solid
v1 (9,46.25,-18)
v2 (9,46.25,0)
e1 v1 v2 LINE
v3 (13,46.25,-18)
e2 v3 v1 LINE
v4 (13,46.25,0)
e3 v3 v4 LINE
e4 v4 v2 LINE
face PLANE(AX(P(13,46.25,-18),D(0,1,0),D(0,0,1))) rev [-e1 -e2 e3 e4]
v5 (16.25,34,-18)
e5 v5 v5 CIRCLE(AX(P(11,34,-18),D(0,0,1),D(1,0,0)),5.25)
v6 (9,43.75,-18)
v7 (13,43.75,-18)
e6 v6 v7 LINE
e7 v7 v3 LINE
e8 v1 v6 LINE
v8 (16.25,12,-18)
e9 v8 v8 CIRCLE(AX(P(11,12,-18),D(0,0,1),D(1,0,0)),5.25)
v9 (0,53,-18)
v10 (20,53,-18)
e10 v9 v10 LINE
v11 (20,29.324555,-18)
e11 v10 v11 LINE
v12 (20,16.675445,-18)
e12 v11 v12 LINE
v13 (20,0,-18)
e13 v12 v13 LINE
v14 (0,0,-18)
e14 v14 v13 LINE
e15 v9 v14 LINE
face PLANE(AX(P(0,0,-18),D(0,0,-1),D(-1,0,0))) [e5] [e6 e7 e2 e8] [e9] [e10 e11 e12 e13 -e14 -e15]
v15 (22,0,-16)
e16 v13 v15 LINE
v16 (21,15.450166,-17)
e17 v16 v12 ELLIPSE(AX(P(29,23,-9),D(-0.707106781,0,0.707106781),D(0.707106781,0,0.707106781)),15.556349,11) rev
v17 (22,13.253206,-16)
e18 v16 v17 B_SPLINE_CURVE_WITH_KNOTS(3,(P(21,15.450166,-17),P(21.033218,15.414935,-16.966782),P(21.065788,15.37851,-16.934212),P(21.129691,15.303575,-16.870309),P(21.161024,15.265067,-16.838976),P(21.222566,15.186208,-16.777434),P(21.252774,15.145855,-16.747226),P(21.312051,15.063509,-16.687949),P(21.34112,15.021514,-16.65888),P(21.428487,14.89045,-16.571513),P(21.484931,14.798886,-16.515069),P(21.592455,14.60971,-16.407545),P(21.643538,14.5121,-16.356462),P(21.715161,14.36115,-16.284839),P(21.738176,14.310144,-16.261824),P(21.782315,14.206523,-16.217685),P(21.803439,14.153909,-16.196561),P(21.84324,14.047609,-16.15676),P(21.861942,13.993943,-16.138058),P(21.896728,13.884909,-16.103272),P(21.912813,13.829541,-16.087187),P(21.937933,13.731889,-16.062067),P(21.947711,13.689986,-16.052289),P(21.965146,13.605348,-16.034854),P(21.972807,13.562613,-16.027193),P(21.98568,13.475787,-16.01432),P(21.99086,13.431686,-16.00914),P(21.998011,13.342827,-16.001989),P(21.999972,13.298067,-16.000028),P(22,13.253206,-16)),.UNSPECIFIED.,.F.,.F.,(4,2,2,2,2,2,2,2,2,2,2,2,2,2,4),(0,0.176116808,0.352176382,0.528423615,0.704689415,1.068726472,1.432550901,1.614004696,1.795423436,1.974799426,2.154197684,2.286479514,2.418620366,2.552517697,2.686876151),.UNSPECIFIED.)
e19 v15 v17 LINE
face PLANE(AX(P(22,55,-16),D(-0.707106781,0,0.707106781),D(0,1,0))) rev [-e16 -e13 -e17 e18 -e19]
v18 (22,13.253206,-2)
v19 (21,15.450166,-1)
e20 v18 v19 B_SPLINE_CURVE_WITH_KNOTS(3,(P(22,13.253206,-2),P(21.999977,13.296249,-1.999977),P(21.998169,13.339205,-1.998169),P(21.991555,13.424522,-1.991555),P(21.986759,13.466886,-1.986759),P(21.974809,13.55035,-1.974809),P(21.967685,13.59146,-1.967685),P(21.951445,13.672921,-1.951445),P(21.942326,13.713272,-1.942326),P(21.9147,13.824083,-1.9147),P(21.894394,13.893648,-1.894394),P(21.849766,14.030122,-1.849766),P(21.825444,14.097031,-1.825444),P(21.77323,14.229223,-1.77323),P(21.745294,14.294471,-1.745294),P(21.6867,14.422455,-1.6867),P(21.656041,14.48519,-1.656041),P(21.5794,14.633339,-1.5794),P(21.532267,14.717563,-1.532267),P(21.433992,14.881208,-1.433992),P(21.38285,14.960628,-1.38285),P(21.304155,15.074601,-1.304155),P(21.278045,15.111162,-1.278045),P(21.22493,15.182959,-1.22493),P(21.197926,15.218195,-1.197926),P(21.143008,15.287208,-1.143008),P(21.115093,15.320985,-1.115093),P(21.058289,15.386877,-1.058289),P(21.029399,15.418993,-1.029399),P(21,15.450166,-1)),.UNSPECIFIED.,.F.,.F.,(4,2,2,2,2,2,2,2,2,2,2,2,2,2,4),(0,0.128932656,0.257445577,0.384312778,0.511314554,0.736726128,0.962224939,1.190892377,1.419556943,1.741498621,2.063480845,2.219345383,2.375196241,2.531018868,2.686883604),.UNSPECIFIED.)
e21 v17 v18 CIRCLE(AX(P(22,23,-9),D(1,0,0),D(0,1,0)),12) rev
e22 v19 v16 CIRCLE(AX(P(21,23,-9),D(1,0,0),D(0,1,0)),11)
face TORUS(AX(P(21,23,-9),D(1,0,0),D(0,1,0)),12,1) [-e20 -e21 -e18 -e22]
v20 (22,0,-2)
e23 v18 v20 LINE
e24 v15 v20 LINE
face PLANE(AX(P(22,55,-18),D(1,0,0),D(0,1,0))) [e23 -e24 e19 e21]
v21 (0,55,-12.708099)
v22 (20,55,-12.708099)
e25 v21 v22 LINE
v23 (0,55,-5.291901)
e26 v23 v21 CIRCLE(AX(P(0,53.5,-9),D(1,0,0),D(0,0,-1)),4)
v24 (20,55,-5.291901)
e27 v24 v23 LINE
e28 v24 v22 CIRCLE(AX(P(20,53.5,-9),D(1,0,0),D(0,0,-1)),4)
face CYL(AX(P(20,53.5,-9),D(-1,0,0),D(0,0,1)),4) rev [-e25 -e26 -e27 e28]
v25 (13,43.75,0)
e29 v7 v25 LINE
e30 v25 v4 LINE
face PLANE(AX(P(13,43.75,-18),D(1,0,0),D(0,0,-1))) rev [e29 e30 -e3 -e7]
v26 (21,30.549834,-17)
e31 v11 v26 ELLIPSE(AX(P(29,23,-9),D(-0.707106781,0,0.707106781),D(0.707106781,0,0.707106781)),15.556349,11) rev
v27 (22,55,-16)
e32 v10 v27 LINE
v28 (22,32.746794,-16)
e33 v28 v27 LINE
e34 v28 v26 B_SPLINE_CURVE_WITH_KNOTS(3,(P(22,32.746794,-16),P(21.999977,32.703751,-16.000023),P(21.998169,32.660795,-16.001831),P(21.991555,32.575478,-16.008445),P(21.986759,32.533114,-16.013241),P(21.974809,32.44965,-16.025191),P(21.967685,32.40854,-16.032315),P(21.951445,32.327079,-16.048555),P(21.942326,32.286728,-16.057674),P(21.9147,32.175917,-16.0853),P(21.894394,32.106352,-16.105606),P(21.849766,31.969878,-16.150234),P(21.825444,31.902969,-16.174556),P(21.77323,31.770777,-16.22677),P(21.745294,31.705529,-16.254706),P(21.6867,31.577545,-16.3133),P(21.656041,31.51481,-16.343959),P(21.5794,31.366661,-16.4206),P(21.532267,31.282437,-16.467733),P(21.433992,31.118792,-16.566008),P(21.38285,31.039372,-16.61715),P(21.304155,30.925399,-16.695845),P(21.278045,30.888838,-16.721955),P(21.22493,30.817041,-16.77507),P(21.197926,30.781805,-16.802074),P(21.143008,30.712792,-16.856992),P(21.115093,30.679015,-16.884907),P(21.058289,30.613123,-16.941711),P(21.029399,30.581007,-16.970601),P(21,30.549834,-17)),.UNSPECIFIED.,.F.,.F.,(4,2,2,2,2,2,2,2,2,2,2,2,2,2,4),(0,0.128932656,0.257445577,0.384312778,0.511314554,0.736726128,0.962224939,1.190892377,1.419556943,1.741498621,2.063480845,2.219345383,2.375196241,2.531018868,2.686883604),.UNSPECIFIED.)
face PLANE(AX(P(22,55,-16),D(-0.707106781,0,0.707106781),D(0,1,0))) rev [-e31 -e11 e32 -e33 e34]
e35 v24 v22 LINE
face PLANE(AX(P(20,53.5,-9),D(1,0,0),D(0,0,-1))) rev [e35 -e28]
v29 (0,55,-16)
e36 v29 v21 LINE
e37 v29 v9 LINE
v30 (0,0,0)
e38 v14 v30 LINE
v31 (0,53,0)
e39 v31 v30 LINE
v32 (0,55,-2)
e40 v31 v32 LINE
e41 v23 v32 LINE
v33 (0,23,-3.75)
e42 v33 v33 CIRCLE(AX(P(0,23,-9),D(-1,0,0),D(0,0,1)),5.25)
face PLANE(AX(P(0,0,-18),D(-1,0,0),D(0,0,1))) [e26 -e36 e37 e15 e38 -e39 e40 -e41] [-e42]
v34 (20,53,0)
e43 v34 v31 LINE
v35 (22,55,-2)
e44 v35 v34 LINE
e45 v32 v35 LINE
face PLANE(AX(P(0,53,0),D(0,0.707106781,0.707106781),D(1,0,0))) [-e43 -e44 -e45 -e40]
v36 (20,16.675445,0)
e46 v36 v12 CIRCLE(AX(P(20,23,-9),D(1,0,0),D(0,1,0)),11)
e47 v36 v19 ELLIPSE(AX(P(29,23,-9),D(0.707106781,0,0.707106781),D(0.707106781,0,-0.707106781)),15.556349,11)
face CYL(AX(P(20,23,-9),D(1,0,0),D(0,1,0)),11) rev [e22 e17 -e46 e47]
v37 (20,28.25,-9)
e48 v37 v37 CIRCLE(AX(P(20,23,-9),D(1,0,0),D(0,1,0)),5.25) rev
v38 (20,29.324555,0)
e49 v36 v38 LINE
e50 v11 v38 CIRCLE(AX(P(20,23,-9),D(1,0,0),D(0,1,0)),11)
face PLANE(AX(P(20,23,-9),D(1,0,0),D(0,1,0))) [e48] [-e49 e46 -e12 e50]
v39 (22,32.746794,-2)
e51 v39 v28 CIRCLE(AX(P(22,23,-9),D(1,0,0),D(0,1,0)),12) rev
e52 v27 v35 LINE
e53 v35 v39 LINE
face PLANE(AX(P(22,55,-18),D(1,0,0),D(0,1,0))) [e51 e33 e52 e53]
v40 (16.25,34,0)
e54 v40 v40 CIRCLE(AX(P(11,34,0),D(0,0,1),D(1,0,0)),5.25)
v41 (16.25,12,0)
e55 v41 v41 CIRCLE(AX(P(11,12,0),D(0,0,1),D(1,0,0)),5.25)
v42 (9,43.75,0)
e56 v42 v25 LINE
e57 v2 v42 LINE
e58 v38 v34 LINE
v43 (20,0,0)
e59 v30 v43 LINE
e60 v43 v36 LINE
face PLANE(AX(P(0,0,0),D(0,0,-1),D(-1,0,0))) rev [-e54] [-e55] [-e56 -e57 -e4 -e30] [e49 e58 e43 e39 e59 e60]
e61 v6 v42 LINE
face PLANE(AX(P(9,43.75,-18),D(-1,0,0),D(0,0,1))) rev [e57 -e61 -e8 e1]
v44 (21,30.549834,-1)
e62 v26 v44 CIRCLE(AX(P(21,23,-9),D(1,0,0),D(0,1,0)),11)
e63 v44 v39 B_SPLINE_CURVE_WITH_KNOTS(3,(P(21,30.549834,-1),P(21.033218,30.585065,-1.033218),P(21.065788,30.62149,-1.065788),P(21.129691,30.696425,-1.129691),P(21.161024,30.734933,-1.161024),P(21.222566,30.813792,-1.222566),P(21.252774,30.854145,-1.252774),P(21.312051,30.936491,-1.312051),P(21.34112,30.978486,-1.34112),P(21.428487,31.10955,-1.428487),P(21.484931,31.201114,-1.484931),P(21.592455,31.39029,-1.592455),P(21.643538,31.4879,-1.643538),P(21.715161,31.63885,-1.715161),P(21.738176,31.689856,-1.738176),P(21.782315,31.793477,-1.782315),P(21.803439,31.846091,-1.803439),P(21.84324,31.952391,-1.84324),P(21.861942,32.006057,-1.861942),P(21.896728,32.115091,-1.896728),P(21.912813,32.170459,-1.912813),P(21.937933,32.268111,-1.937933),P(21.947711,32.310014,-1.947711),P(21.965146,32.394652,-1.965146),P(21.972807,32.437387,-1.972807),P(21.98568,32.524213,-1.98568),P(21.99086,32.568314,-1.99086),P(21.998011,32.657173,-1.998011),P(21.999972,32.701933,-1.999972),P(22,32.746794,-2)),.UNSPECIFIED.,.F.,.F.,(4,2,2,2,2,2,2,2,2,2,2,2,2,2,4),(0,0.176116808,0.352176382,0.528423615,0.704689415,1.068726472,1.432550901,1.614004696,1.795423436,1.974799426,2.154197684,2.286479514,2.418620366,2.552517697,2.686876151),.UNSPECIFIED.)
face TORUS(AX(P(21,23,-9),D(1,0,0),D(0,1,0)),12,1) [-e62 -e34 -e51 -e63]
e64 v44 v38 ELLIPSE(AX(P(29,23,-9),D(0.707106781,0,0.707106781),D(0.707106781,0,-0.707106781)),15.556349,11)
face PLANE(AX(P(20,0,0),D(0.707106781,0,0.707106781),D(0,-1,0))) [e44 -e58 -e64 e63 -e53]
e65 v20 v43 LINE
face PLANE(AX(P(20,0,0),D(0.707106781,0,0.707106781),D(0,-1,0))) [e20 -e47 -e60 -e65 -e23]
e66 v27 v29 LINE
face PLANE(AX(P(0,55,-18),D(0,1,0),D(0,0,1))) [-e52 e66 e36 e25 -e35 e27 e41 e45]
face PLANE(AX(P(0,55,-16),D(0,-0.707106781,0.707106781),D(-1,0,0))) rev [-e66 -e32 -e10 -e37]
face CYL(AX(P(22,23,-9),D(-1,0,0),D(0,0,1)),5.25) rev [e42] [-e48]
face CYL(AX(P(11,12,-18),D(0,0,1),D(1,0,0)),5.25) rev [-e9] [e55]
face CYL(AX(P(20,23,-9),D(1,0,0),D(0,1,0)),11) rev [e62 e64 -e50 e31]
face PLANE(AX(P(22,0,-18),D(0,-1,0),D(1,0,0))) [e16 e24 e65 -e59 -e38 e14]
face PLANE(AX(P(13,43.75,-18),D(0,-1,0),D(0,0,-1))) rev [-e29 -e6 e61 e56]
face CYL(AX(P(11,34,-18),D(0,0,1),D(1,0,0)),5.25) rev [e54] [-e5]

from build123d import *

# Parameters (mm, degrees)
SKETCH1_W           = 22
SKETCH1_H           = 55
SKETCH1_R           = 5.25
SKETCH1_W_2         = 4
SKETCH1_H_2         = 2.5
BOSS_EXTRUDE1_DEPTH = 18
SKETCH2_R           = 5.25
CUT_EXTRUDE1_DEPTH  = 23
SKETCH3_R           = 4
CUT_EXTRUDE2_DEPTH  = 20
CHAMFER1_SIZE       = 2
SKETCH4_R           = 11
CUT_EXTRUDE3_DEPTH  = 2
FILLET1_R           = 1
CHAMFER2_SIZE       = 2


with BuildPart() as part:
    # Sketch1 → Boss-Extrude1 (new body)
    with BuildSketch(Plane.XY):
        with Locations((11, 27.5)):
            Rectangle(SKETCH1_W, SKETCH1_H)
        with Locations((11, 12)):
            Circle(SKETCH1_R, mode=Mode.SUBTRACT)
        with Locations((11, 34)):
            Circle(SKETCH1_R, mode=Mode.SUBTRACT)
        with Locations((11, 45)):
            Rectangle(SKETCH1_W_2, SKETCH1_H_2, mode=Mode.SUBTRACT)
    extrude(amount=-BOSS_EXTRUDE1_DEPTH)

    # Sketch2 → Cut-Extrude1 (cut, through all)
    with BuildSketch(Plane.ZY):
        with Locations((-9, 23)):
            Circle(SKETCH2_R)
    extrude(amount=-CUT_EXTRUDE1_DEPTH, mode=Mode.SUBTRACT)

    # Sketch3 → Cut-Extrude2 (cut)
    with BuildSketch(Plane(origin=(0, 0, 0), x_dir=(0, 0, -1), z_dir=(1, 0, 0))):
        with Locations((9, 53.5)):
            Circle(SKETCH3_R)
    extrude(amount=CUT_EXTRUDE2_DEPTH, mode=Mode.SUBTRACT)

    # Chamfer1
    chamfer1_edges = [part.edges().sort_by_distance(p)[0] for p in [
        (22, 27.5, 0),
        (22, 27.5, -18),
    ]]
    chamfer(chamfer1_edges, length=CHAMFER1_SIZE)

    # Sketch4 → Cut-Extrude3 (cut)
    with BuildSketch(Plane(origin=(22, 0, 0), x_dir=(0, 0, -1), z_dir=(1, 0, 0))):
        with Locations((9, 23)):
            Circle(SKETCH4_R)
    extrude(amount=-CUT_EXTRUDE3_DEPTH, mode=Mode.SUBTRACT)

    # Fillet1
    fillet1_edges = [part.edges().sort_by_distance(p)[0] for p in [
        (22, 34, -9),
        (22, 12, -9),
    ]]
    fillet(fillet1_edges, radius=FILLET1_R)

    # Chamfer2
    chamfer2_edges = [part.edges().sort_by_distance(p)[0] for p in [
        (10, 55, 0),
        (10, 55, -18),
    ]]
    chamfer(chamfer2_edges, length=CHAMFER2_SIZE)


solid = part.part
